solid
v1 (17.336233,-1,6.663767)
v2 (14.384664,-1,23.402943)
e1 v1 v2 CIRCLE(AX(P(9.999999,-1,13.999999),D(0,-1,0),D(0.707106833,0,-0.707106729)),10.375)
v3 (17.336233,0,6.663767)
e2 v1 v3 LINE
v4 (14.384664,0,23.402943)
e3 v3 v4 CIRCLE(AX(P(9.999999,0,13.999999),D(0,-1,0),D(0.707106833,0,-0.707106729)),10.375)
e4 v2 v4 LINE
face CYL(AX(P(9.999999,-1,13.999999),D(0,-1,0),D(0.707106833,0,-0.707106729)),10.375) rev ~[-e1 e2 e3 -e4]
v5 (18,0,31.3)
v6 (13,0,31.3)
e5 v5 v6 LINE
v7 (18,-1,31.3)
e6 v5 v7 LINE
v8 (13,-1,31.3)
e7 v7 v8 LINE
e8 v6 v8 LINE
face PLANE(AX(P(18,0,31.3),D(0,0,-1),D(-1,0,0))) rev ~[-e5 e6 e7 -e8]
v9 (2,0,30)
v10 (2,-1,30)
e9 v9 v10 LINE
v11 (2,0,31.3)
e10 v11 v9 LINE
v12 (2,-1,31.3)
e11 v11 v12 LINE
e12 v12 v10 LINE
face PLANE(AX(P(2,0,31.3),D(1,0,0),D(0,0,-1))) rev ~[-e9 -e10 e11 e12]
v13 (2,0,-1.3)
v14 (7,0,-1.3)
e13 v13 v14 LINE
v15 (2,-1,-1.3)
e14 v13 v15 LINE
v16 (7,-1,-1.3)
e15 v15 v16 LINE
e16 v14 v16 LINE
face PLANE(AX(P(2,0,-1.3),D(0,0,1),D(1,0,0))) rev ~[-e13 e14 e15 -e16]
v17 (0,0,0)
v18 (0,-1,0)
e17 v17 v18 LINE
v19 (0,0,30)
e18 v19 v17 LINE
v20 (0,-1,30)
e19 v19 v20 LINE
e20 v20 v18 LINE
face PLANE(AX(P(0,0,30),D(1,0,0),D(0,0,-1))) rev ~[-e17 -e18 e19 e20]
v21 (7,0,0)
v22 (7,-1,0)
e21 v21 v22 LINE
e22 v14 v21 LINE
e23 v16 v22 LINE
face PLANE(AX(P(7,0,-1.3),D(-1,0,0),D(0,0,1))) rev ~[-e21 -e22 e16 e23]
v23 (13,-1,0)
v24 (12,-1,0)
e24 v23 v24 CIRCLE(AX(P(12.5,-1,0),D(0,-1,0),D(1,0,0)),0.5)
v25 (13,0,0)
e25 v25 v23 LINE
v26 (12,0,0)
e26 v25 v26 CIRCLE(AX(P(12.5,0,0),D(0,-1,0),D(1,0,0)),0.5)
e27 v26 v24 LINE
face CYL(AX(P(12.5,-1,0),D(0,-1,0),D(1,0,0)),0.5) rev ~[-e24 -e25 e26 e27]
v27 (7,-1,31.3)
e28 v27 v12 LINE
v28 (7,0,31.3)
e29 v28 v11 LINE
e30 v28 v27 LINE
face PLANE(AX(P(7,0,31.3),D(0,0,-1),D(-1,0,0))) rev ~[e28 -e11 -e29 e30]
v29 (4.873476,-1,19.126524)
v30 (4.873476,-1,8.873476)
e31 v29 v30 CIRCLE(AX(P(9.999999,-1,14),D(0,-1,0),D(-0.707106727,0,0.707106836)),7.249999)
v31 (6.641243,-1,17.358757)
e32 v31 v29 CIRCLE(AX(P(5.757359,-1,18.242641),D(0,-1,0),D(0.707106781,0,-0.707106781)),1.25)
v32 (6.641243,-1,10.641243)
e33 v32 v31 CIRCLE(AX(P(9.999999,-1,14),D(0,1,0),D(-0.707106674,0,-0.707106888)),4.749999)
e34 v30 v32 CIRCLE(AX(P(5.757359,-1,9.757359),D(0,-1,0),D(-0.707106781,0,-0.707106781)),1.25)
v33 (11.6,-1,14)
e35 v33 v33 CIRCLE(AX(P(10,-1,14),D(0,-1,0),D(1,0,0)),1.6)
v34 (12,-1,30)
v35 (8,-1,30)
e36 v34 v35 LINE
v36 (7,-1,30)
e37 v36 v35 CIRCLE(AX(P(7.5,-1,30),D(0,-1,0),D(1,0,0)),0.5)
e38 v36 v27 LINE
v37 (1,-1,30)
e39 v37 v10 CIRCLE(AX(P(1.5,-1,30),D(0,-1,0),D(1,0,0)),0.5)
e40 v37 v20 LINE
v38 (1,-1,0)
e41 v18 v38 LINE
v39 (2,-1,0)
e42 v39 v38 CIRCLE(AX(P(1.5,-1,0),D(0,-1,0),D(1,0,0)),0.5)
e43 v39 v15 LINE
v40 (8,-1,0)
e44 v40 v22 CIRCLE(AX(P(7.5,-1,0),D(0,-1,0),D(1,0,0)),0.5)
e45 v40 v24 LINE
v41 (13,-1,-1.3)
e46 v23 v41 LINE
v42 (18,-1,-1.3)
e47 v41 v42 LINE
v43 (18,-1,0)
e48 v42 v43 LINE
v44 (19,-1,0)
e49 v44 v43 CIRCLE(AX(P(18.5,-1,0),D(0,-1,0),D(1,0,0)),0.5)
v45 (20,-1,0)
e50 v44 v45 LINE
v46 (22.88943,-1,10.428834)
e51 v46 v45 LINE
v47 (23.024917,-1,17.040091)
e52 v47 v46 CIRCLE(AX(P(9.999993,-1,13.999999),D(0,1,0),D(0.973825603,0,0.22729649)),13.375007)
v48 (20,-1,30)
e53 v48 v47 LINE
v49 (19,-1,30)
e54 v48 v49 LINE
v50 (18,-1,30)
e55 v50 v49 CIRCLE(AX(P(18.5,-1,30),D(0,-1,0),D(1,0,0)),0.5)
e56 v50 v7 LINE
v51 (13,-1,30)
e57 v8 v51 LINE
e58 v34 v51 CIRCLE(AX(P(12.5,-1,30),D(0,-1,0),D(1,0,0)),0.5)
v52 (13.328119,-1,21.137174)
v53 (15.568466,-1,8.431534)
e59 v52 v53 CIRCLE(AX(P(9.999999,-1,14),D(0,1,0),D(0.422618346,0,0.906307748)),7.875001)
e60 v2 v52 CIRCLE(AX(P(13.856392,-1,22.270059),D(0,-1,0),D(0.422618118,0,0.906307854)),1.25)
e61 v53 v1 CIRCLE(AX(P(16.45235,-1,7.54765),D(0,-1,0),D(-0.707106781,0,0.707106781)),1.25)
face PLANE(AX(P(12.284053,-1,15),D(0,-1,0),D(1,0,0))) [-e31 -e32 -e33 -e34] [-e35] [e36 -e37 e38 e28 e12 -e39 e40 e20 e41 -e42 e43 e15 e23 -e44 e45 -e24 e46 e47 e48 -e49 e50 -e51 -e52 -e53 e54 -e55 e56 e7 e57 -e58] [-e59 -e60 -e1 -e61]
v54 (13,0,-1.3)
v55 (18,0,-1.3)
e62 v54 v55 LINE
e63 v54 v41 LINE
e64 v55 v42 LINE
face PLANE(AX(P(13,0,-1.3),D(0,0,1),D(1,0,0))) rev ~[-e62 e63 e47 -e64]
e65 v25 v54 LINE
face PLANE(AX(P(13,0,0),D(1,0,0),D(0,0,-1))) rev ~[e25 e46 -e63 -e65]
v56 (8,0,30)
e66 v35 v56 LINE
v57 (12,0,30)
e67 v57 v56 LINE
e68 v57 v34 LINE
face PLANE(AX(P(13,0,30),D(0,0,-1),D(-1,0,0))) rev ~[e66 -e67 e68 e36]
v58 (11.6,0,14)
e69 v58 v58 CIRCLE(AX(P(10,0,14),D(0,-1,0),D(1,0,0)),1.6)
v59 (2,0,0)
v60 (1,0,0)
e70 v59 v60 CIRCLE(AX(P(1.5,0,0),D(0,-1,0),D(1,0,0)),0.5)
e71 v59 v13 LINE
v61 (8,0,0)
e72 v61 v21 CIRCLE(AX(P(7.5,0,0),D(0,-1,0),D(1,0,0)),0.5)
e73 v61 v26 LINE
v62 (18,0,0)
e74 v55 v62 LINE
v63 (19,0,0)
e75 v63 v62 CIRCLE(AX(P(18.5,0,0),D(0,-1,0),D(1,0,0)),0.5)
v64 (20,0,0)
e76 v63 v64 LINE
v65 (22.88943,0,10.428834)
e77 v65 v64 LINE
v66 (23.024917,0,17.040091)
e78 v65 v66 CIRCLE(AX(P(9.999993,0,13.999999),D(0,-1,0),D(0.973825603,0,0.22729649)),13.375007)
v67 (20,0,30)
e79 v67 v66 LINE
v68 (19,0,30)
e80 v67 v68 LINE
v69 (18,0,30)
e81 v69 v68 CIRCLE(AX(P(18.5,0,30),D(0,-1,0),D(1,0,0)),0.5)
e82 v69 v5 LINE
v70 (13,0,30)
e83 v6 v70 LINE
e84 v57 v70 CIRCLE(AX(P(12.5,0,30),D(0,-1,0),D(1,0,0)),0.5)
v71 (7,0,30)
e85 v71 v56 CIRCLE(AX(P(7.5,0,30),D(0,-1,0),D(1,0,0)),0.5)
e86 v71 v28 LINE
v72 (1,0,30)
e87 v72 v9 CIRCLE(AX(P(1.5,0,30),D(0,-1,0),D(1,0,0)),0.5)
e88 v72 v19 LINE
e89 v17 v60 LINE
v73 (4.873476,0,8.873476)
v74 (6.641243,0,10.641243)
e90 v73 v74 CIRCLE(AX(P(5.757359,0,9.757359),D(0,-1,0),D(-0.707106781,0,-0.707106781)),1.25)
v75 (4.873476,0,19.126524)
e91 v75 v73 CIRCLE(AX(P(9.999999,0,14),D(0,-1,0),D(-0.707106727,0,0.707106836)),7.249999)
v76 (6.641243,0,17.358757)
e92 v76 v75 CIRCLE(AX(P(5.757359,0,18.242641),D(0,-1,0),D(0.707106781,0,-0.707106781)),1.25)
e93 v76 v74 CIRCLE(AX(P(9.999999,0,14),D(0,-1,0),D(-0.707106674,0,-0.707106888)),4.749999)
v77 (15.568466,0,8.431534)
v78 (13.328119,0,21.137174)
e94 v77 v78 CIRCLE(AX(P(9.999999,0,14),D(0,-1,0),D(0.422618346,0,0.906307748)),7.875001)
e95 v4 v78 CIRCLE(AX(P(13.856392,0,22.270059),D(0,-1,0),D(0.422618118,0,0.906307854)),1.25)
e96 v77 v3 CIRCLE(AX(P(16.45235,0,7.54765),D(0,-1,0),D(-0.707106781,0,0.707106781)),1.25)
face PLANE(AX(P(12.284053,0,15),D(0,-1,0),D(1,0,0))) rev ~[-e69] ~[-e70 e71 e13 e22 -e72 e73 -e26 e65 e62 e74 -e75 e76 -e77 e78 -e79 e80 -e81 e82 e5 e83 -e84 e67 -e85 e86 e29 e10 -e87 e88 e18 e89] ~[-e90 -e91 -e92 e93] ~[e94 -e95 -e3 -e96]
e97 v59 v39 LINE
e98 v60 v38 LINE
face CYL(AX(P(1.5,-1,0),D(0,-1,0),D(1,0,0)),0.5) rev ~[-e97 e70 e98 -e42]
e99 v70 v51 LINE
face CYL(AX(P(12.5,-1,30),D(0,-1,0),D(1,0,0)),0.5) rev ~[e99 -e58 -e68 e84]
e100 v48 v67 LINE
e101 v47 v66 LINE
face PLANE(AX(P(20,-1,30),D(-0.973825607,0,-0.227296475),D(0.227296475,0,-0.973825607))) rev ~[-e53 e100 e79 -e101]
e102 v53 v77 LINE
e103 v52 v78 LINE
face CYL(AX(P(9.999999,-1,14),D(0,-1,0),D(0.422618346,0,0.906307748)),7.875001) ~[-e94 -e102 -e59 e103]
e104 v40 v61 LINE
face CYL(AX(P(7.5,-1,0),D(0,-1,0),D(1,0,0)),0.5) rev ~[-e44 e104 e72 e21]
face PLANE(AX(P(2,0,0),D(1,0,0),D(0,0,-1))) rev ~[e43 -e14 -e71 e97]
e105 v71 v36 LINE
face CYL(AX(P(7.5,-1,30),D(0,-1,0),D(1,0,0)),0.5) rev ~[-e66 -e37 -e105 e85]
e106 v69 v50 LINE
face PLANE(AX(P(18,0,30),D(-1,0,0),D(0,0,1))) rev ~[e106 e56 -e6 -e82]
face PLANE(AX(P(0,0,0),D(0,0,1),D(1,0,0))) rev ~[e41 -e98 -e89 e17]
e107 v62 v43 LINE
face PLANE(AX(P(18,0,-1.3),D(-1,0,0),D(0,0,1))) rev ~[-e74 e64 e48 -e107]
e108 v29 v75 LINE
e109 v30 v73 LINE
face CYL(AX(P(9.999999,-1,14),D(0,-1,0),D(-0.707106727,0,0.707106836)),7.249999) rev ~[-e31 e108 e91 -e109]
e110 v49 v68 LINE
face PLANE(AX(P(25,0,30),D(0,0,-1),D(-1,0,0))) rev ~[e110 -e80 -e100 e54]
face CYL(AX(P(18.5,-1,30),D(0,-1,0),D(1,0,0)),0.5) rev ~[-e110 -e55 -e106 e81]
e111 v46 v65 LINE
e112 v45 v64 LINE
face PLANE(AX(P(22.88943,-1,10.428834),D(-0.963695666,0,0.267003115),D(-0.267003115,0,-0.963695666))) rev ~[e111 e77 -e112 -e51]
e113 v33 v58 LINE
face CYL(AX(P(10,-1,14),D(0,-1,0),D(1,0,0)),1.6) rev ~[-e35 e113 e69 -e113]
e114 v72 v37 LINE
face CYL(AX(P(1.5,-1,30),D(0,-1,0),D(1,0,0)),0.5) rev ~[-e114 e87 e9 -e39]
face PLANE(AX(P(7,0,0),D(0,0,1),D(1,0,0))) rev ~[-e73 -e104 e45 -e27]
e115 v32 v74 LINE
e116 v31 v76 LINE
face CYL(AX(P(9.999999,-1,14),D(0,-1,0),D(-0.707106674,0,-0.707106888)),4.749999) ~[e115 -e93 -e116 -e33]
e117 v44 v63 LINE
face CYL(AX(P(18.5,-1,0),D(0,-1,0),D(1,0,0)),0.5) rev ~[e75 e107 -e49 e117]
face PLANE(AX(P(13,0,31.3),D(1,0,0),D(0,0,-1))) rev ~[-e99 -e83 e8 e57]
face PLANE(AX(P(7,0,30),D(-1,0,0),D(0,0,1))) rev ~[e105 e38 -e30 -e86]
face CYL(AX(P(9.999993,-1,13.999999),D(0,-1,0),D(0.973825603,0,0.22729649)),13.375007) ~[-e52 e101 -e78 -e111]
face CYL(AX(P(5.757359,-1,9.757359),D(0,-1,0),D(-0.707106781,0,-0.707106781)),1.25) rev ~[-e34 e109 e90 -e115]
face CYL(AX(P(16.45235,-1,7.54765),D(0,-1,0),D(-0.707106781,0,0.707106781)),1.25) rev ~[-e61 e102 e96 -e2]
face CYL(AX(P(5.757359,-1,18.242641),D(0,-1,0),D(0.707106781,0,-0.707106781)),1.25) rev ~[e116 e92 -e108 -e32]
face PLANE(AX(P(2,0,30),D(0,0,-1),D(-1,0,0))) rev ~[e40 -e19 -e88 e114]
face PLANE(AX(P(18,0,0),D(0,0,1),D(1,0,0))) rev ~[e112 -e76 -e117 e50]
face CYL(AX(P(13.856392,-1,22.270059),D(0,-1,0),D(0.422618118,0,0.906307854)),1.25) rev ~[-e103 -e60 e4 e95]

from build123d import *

# Parameters (mm, degrees)
F1_DEPTH = 1
F2_R     = 1.6
F3_DEPTH = 1.001
F4_R     = 0.5
F5_DEPTH = 1.001
F7_DEPTH = 1.001


with BuildPart() as f1:
    # F0 (on Front) → F1 (new body)
    with BuildSketch(Plane.XZ):
        Polygon((2, 30), (0, 30), (0, 0), (2, 0), (2, -1.3), (7, -1.3), (7, 0), (13, 0), (13, -1.3), (18, -1.3), (18, 0), (25, 0), (25, 30), (18, 30), (18, 31.3), (13, 31.3), (13, 30), (7, 30), (7, 31.3), (2, 31.3), align=None)
    extrude(amount=F1_DEPTH)

    # F2 (on face) → F3 (cut, through all)
    with BuildSketch(Plane.XZ.offset(1)):
        with Locations((10, 14)):
            Circle(F2_R)
        with BuildLine():
            ThreePointArc((13.328119, 21.137174), (17.755361, 15.367479), (15.568466, 8.431534))
            ThreePointArc((15.568466, 8.431534), (15.568466, 6.663767), (17.336233, 6.663767))
            ThreePointArc((17.336233, 6.663767), (20.21738, 15.8016), (14.384664, 23.402943))
            ThreePointArc((14.384664, 23.402943), (12.723507, 22.798331), (13.328119, 21.137174))
        make_face()
        with BuildLine():
            ThreePointArc((6.641243, 10.641243), (5.25, 14), (6.641243, 17.358757))
            ThreePointArc((6.641243, 17.358757), (6.641243, 19.126524), (4.873476, 19.126524))
            ThreePointArc((4.873476, 19.126524), (2.75, 14), (4.873476, 8.873476))
            ThreePointArc((4.873476, 8.873476), (6.641243, 8.873476), (6.641243, 10.641243))
        make_face()
    extrude(amount=-F3_DEPTH, mode=Mode.SUBTRACT)

    # F4 (on face) → F5 (cut, through all)
    with BuildSketch(Plane.XZ.offset(1)):
        with Locations((1.5, 30)):
            Circle(F4_R)
        with Locations((7.5, 30)):
            Circle(F4_R)
        with Locations((12.5, 30)):
            Circle(F4_R)
        with Locations((18.5, 30)):
            Circle(F4_R)
        with Locations((1.5, 0)):
            Circle(F4_R)
        with Locations((7.5, 0)):
            Circle(F4_R)
        with Locations((12.5, 0)):
            Circle(F4_R)
        with Locations((18.5, 0)):
            Circle(F4_R)
    extrude(amount=-F5_DEPTH, mode=Mode.SUBTRACT)

    # F6 (on face) → F7 (cut, through all)
    with BuildSketch(Plane.XZ.offset(1)):
        with BuildLine():
            Line((20, 0), (25, 0))
            Line((25, 0), (25, 30))
            Line((25, 30), (20, 30))
            Line((20, 30), (23.024917, 17.040091))
            ThreePointArc((23.024917, 17.040091), (23.372192, 13.725957), (22.88943, 10.428834))
            Line((22.88943, 10.428834), (20, 0))
        make_face()
    extrude(amount=-F7_DEPTH, mode=Mode.SUBTRACT)


solid = f1.part
